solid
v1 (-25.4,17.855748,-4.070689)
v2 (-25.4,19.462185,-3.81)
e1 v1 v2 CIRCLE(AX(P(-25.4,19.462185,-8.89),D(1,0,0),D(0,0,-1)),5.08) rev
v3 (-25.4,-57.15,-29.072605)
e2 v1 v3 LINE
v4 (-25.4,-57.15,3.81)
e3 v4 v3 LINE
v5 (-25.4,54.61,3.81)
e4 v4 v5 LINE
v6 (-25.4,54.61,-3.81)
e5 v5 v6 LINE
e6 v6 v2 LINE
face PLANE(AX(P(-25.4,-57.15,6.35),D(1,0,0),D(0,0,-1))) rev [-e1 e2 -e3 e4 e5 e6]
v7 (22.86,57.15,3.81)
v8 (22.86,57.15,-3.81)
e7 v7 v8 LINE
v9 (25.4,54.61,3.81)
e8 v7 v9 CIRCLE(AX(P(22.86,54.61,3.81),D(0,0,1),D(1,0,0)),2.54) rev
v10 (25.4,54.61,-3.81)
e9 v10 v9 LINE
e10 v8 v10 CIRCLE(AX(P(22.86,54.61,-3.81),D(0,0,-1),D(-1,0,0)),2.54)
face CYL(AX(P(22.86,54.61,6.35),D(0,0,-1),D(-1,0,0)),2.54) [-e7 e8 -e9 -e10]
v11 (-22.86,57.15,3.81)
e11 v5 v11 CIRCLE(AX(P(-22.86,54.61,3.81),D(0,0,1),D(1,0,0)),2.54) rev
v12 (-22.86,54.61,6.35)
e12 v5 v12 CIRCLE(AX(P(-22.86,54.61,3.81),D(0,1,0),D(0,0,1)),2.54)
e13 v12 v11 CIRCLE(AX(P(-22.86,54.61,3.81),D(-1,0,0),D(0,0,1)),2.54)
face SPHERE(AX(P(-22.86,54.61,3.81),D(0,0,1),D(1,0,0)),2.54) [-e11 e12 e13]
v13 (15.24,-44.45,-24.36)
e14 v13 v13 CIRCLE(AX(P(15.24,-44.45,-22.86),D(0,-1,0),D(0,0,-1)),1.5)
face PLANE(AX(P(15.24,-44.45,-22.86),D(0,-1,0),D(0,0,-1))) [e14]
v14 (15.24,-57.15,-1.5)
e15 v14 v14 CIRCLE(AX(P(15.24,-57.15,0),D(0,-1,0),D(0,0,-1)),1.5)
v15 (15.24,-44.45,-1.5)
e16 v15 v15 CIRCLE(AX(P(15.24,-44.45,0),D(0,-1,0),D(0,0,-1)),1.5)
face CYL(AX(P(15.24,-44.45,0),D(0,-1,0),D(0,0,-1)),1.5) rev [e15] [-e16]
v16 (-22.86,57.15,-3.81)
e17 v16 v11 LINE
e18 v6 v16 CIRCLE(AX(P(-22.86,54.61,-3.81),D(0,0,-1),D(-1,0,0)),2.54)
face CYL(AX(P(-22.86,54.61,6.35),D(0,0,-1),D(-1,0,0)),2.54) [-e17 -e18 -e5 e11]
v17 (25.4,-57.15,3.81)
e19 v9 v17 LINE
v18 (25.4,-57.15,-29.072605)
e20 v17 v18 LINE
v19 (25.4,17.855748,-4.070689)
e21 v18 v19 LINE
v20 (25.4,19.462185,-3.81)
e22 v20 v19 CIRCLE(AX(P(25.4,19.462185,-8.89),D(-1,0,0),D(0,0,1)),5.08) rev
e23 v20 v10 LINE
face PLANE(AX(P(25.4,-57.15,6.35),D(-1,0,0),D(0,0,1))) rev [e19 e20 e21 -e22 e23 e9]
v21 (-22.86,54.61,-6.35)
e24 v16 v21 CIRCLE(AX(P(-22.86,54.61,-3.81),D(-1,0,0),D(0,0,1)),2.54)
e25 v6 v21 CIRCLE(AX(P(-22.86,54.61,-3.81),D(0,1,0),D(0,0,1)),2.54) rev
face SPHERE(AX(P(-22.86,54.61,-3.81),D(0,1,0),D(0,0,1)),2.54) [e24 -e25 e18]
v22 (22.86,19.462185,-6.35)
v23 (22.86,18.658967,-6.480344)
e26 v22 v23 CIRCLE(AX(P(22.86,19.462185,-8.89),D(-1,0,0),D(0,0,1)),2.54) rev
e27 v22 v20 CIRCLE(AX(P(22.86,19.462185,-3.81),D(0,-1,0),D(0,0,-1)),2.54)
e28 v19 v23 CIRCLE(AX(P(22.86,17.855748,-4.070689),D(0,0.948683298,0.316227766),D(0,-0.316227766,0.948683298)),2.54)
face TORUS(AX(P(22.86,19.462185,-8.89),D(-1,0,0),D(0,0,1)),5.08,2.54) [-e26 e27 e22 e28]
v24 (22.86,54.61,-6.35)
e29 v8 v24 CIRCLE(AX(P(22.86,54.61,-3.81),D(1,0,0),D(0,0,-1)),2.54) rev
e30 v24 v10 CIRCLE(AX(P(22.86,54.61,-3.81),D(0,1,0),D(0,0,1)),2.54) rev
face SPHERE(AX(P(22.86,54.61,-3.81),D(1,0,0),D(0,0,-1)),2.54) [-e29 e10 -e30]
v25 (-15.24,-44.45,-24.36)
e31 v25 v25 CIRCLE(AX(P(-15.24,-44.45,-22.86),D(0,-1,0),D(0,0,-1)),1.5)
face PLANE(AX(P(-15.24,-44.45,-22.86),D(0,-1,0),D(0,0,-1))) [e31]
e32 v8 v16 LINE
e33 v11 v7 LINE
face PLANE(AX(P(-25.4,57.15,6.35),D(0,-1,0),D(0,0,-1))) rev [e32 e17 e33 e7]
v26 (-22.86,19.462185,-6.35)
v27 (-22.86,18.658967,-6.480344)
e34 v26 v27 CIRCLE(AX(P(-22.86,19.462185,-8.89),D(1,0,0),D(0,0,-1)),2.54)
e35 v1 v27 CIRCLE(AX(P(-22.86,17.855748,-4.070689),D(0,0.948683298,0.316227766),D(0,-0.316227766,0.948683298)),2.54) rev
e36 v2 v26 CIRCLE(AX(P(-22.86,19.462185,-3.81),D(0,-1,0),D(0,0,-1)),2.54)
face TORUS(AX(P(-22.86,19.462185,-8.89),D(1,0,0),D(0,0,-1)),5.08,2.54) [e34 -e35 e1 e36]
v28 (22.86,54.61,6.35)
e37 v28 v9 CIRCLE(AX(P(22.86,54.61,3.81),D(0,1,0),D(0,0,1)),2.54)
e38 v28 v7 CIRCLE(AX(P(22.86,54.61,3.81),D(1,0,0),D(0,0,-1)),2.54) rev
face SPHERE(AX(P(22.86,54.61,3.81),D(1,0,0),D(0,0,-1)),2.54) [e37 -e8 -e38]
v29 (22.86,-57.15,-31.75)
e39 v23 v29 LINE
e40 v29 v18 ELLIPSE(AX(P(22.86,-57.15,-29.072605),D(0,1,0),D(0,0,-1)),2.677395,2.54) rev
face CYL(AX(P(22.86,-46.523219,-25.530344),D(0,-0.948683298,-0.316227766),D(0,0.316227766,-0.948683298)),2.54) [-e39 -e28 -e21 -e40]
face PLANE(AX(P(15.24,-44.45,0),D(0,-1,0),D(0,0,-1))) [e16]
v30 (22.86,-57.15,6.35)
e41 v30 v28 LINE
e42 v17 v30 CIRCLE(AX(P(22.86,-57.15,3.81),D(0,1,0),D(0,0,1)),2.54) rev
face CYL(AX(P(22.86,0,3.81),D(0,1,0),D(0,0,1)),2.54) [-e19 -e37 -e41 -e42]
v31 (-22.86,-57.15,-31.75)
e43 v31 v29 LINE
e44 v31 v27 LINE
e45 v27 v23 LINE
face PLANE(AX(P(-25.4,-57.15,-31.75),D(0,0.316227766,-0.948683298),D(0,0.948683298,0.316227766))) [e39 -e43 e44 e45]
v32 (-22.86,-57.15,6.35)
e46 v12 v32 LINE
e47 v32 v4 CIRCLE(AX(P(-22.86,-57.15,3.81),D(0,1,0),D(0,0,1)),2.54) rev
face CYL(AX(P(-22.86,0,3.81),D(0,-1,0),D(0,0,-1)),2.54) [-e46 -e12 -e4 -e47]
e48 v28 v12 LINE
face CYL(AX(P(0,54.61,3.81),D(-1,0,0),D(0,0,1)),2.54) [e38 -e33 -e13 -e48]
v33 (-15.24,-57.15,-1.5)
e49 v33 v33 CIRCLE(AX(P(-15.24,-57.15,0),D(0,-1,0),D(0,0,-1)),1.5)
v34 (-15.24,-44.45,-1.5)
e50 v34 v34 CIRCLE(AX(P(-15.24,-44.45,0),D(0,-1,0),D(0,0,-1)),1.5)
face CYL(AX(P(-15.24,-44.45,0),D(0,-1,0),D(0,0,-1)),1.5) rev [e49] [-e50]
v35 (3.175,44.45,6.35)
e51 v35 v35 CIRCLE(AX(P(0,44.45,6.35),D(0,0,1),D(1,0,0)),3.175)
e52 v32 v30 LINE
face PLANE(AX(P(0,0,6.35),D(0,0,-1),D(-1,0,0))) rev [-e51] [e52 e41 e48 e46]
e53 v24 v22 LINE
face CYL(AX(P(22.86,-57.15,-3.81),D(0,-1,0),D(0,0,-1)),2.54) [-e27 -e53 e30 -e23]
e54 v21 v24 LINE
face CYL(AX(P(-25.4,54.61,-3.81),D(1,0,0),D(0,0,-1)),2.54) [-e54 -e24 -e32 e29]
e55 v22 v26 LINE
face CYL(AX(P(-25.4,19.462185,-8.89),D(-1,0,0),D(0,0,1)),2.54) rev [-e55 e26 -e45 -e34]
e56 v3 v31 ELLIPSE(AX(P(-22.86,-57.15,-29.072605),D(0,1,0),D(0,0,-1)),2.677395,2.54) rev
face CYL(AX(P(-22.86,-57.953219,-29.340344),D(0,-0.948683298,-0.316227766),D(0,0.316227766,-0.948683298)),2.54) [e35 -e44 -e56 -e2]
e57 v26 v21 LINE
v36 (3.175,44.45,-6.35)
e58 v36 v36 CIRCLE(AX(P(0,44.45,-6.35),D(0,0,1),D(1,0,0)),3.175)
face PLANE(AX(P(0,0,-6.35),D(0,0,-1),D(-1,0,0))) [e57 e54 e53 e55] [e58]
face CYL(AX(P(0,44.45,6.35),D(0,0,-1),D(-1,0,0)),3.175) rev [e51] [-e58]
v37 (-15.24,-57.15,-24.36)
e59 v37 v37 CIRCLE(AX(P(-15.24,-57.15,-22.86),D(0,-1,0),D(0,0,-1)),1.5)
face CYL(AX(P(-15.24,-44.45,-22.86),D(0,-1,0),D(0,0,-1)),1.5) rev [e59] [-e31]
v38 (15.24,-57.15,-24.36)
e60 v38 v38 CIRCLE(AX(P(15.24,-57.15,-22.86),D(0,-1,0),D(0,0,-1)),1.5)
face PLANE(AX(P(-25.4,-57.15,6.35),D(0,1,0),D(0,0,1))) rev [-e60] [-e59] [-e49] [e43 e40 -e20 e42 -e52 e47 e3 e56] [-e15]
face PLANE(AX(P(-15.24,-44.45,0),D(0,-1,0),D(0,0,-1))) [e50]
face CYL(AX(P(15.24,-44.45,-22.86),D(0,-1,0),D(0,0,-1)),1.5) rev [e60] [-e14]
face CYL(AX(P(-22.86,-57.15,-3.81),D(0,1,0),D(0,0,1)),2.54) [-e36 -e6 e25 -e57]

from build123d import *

# Parameters (mm, degrees)
SKETCH1_W           = 50.8
SKETCH1_H           = 114.3
SKETCH1_R           = 3.175
BOSS_EXTRUDE1_DEPTH = 6.35
BOSS_EXTRUDE2_DEPTH = 50.8
SKETCH2_R           = 1.5
CUT_EXTRUDE1_DEPTH  = 12.7
FILLET1_R           = 2.54


with BuildPart() as part:
    # Sketch1 → Boss-Extrude1 (new, symmetric)
    with BuildSketch(Plane.XY):
        Rectangle(SKETCH1_W, SKETCH1_H)
        with Locations((0, 44.45)):
            Circle(SKETCH1_R, mode=Mode.SUBTRACT)
    extrude(amount=BOSS_EXTRUDE1_DEPTH, both=True)

    # Sketch3 → Boss-Extrude2 (add, through all)
    with BuildSketch(Plane(origin=(25.4, 0, 0), x_dir=(0, 0, -1), z_dir=(1, 0, 0))):
        Polygon((6.35, -57.15), (31.75, -57.15), (6.35, 19.05), align=None)
    extrude(amount=-BOSS_EXTRUDE2_DEPTH)

    # Sketch2 → Cut-Extrude1 (cut)
    with BuildSketch(Plane.XZ.offset(57.15)):
        with Locations(Location((-15.24, 0, 0), (0, 0, 270))):
            Circle(SKETCH2_R)
        with Locations(Location((15.24, 0, 0), (0, 0, 270))):
            Circle(SKETCH2_R)
        with Locations(Location((-15.24, -22.86, 0), (0, 0, 270))):
            Circle(SKETCH2_R)
        with Locations(Location((15.24, -22.86, 0), (0, 0, 270))):
            Circle(SKETCH2_R)
    extrude(amount=-CUT_EXTRUDE1_DEPTH, mode=Mode.SUBTRACT)

    # Fillet1
    fillet1_edges = [part.edges().sort_by_distance(p)[0] for p in [
        (-25.4, 0, 6.35),
        (25.4, 38.1, -6.35),
        (-25.4, -19.05, -19.05),
        (0, 19.05, -6.35),
        (25.4, -19.05, -19.05),
        (25.4, 0, 6.35),
        (-25.4, 38.1, -6.35),
        (0, 57.15, -6.35),
        (-25.4, 57.15, 0),
        (25.4, 57.15, 0),
        (0, 57.15, 6.35),
    ]]
    fillet(fillet1_edges, radius=FILLET1_R)


solid = part.part
